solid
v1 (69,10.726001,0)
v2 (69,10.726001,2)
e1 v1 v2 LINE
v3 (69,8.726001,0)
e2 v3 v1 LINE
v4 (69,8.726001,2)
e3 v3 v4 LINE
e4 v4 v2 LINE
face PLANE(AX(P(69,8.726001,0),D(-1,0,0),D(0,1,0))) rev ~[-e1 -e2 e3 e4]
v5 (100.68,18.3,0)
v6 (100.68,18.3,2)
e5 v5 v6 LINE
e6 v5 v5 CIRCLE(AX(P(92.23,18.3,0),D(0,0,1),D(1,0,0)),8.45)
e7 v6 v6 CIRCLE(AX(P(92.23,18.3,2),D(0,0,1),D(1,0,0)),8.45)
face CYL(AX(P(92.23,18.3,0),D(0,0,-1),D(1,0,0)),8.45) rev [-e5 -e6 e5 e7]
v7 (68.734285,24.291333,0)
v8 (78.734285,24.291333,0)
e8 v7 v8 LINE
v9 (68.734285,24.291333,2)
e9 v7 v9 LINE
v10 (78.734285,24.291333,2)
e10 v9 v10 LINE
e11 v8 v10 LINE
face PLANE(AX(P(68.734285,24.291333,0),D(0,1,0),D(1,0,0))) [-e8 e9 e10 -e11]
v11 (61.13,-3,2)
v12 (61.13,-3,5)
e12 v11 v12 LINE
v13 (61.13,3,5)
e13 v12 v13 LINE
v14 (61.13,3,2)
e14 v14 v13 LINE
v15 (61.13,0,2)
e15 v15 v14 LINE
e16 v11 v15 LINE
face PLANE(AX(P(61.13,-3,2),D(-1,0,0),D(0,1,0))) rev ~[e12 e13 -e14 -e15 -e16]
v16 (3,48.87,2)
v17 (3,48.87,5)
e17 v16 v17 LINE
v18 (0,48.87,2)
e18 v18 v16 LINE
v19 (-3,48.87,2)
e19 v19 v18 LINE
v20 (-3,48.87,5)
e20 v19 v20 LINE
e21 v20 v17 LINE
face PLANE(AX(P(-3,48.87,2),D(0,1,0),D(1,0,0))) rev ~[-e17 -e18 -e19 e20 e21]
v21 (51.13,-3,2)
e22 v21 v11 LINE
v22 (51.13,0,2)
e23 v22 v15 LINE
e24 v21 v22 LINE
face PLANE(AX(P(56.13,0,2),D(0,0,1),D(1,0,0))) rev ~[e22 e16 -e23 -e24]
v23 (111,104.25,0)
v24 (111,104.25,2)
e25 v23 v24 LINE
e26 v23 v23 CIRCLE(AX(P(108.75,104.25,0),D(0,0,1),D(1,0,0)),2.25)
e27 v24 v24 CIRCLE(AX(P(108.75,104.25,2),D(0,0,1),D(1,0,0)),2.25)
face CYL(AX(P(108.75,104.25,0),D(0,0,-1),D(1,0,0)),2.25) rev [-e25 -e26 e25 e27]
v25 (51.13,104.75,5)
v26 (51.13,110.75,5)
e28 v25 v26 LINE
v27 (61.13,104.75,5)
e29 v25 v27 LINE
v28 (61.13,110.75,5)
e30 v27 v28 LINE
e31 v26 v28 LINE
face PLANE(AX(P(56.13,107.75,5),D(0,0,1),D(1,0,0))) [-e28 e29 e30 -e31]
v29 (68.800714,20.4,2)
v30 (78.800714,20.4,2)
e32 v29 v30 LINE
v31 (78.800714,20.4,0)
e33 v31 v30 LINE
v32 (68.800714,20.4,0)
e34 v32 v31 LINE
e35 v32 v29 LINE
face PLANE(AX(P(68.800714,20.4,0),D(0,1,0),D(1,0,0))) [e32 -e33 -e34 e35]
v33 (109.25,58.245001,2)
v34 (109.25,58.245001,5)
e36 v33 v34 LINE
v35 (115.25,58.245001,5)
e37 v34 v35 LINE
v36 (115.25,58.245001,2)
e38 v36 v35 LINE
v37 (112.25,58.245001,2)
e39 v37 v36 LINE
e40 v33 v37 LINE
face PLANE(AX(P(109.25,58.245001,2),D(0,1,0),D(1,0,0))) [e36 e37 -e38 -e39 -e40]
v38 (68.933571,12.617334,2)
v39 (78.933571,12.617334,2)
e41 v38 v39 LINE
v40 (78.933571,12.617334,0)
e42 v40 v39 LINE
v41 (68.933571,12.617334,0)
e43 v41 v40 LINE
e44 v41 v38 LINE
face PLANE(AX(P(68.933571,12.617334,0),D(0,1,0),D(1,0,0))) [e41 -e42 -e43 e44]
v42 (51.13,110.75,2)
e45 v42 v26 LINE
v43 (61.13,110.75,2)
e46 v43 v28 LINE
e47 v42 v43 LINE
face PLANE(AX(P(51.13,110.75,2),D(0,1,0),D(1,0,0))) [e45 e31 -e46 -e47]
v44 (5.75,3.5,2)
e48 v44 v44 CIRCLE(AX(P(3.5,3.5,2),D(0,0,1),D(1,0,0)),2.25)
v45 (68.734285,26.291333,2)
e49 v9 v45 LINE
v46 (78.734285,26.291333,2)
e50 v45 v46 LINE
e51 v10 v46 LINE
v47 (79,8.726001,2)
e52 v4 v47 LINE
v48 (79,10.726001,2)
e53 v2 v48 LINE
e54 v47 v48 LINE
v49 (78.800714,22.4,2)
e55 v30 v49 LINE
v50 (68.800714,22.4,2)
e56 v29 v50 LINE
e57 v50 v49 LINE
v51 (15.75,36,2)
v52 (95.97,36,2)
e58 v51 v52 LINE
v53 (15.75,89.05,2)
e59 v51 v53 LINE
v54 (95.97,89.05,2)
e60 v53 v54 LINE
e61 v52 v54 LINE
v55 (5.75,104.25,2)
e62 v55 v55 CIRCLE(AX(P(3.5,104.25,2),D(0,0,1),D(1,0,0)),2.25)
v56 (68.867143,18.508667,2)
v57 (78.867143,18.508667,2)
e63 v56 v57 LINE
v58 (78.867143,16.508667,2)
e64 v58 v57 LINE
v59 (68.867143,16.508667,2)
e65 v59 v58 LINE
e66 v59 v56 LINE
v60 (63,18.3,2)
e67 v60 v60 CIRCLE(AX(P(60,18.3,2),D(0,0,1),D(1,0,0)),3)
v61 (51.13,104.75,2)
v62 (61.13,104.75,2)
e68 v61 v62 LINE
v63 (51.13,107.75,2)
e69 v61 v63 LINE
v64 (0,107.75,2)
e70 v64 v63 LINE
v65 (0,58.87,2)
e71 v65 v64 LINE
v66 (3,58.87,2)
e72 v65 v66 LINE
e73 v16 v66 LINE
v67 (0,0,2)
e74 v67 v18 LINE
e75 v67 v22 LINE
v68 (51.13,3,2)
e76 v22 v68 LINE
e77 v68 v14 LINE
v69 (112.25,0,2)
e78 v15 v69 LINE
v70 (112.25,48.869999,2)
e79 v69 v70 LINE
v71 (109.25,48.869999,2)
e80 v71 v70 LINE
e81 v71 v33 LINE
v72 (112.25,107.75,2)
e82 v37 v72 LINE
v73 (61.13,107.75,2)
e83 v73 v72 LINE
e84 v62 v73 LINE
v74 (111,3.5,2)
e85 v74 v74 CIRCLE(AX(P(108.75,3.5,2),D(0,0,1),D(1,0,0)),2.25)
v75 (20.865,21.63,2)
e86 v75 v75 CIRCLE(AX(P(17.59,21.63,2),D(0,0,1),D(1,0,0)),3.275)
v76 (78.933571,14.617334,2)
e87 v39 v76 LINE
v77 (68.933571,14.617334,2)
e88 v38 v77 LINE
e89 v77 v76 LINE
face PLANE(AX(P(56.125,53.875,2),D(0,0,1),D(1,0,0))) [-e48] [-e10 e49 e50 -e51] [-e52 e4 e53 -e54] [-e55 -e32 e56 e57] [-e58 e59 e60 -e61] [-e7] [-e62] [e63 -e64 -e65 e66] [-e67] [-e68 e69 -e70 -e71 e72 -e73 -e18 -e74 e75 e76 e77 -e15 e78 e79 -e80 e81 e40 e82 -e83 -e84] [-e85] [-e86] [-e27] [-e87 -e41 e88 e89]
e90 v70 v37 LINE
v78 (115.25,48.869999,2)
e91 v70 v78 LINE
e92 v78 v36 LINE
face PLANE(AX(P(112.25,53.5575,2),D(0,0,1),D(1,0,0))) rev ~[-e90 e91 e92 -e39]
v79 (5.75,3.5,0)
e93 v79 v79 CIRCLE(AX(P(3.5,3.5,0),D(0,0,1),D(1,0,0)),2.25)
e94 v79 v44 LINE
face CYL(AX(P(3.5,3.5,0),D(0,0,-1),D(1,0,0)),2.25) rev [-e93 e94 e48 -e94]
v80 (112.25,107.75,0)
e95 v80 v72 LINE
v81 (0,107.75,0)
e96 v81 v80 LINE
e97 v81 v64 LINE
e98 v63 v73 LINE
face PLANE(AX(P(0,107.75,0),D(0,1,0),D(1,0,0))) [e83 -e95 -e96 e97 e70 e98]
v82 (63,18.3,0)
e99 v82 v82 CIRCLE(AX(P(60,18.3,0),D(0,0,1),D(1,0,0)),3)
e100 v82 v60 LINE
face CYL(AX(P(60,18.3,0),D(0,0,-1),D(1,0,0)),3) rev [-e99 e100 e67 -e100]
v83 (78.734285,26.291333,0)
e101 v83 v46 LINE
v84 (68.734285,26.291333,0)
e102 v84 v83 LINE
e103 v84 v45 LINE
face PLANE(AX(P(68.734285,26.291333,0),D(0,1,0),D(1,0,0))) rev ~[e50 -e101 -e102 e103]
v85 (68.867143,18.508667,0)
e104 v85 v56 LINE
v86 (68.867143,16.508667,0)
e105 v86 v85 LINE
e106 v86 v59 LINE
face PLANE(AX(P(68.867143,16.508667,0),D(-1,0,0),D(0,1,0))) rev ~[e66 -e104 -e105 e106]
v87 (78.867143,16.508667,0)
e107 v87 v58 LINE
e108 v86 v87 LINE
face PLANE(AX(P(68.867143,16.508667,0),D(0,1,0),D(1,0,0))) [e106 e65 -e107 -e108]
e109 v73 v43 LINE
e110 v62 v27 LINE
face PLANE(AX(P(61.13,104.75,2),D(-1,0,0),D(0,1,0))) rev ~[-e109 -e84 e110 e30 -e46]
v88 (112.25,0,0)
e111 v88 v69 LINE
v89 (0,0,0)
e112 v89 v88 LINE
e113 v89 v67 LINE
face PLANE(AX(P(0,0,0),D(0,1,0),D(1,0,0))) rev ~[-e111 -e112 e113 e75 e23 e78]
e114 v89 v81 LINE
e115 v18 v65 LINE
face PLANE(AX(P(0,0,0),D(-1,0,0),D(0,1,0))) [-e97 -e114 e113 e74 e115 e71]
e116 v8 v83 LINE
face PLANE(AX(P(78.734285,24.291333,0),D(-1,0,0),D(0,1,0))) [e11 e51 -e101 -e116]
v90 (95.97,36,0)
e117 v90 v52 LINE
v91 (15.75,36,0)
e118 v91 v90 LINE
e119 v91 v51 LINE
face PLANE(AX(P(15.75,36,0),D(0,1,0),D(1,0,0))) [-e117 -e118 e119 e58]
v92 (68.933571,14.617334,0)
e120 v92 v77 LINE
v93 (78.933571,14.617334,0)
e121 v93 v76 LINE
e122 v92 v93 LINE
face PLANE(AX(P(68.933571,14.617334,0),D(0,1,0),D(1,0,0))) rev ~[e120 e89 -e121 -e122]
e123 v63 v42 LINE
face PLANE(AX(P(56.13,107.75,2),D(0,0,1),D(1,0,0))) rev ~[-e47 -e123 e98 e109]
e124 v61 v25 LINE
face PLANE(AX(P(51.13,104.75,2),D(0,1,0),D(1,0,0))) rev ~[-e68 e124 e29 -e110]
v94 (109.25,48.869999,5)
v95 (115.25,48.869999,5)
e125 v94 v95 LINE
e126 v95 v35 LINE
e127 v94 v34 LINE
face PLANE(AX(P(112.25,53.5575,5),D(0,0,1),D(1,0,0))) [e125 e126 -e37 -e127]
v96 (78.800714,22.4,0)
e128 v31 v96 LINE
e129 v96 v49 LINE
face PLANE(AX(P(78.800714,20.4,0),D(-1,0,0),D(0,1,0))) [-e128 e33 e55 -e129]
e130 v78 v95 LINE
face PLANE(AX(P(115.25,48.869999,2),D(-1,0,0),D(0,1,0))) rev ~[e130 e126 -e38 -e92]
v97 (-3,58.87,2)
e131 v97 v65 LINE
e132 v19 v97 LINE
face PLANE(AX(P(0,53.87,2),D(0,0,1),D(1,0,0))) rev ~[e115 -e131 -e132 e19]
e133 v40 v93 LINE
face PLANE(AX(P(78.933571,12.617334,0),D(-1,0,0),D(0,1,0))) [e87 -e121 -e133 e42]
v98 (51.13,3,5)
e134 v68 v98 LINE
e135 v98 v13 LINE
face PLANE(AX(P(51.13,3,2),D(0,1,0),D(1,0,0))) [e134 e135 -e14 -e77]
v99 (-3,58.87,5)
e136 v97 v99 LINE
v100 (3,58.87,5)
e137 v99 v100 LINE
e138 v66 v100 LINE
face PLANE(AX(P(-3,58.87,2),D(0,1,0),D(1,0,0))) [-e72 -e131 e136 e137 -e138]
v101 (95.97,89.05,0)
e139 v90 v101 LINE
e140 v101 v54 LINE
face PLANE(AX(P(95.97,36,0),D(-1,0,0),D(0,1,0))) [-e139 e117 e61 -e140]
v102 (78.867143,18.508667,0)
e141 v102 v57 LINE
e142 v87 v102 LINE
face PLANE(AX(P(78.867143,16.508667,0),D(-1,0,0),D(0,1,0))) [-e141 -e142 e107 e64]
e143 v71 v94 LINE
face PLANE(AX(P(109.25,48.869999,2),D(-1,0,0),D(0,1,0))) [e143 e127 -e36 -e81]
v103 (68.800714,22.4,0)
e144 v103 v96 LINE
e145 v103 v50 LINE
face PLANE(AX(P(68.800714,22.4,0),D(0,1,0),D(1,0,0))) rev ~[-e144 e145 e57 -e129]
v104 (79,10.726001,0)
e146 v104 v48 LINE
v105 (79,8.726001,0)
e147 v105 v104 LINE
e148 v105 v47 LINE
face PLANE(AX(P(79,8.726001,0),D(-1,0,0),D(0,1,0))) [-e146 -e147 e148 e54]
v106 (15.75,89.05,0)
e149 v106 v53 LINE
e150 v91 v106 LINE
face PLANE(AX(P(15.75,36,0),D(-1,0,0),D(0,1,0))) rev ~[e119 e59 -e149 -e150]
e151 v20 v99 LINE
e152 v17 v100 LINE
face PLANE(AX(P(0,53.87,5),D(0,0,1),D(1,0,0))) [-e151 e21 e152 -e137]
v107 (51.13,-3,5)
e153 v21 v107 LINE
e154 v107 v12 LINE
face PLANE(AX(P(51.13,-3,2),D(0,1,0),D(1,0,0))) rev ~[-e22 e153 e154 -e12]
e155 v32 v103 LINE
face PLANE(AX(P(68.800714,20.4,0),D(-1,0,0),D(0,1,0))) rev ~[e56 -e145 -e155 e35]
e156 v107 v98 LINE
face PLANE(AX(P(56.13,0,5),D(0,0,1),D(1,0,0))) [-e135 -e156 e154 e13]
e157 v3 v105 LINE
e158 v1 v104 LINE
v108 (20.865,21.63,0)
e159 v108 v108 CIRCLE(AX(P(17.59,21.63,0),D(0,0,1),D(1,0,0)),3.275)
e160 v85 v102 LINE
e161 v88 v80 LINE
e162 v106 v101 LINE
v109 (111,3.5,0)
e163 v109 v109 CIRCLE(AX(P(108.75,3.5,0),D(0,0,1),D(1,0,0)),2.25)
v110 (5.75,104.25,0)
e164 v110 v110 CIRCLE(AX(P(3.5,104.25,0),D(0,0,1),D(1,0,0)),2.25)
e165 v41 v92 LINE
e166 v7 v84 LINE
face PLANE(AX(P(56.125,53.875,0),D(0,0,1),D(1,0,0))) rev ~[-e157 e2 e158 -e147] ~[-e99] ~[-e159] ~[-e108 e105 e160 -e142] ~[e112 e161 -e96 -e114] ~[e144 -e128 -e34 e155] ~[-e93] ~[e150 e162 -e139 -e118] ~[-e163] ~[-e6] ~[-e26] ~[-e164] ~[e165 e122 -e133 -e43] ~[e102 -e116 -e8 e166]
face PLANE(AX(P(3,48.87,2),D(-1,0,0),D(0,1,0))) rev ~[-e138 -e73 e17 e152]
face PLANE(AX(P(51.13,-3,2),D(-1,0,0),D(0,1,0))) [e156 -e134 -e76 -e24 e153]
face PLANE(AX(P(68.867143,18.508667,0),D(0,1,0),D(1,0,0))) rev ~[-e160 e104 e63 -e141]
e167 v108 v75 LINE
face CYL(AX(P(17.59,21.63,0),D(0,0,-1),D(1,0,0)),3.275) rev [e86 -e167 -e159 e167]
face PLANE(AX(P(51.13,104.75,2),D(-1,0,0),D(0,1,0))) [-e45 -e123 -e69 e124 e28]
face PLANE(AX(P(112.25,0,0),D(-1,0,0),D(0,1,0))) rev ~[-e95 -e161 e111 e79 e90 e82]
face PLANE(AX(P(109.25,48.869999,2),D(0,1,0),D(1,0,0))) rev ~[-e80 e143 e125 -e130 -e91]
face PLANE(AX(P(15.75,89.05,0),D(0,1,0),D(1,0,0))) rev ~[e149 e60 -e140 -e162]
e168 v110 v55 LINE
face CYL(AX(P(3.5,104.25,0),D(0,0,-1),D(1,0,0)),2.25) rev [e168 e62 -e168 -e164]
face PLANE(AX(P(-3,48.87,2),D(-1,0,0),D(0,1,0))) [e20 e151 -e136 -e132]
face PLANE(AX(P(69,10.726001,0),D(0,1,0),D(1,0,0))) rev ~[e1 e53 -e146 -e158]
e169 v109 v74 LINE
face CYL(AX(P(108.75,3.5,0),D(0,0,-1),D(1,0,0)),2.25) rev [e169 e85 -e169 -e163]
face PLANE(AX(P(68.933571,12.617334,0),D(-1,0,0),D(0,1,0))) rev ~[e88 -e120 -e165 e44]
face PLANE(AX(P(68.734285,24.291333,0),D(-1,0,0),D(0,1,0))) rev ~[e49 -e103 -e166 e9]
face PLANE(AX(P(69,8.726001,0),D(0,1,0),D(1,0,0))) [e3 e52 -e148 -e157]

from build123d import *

# Parameters (mm, degrees)
F0_W     = 112.25
F0_H     = 107.75
F0_R     = 2.25
F0_R_2   = 3.275
F0_W_2   = 10
F0_H_2   = 2
F0_R_3   = 3
F0_R_4   = 8.45
F0_W_3   = 80.22
F0_H_3   = 53.05
F1_DEPTH = 2
F2_W     = 6
F2_H     = 9.375001
F2_H_2   = 10
F2_W_2   = 10
F2_H_3   = 6
F3_DEPTH = 3


with BuildPart() as f1:
    # F0 (on Top) → F1 (new body)
    with BuildSketch(Plane.XY):
        with Locations((56.125, 53.875)):
            Rectangle(F0_W, F0_H)
        with Locations((3.5, 3.5)):
            Circle(F0_R, mode=Mode.SUBTRACT)
        with Locations((17.59, 21.63)):
            Circle(F0_R_2, mode=Mode.SUBTRACT)
        with Locations((74, 9.726001)):
            Rectangle(F0_W_2, F0_H_2, mode=Mode.SUBTRACT)
        with Locations((60, 18.3)):
            Circle(F0_R_3, mode=Mode.SUBTRACT)
        with Locations((73.933571, 13.617334)):
            Rectangle(F0_W_2, F0_H_2, mode=Mode.SUBTRACT)
        with Locations((73.867143, 17.508667)):
            Rectangle(F0_W_2, F0_H_2, mode=Mode.SUBTRACT)
        with Locations((73.800714, 21.4)):
            Rectangle(F0_W_2, F0_H_2, mode=Mode.SUBTRACT)
        with Locations((73.734285, 25.291333)):
            Rectangle(F0_W_2, F0_H_2, mode=Mode.SUBTRACT)
        with Locations((108.75, 3.5)):
            Circle(F0_R, mode=Mode.SUBTRACT)
        with Locations((92.23, 18.3)):
            Circle(F0_R_4, mode=Mode.SUBTRACT)
        with Locations((55.86, 62.525)):
            Rectangle(F0_W_3, F0_H_3, mode=Mode.SUBTRACT)
        with Locations((3.5, 104.25)):
            Circle(F0_R, mode=Mode.SUBTRACT)
        with Locations((108.75, 104.25)):
            Circle(F0_R, mode=Mode.SUBTRACT)
    extrude(amount=F1_DEPTH)

    # F2 (on face) → F3 (join)
    with BuildSketch(Plane.XY.offset(2)):
        with Locations((112.25, 53.5575)):
            Rectangle(F2_W, F2_H)
        with Locations((0, 53.87)):
            Rectangle(F2_W, F2_H_2)
        with Locations((56.13, 107.75)):
            Rectangle(F2_W_2, F2_H_3)
        with Locations((56.13, 0)):
            Rectangle(F2_W_2, F2_H_3)
    extrude(amount=F3_DEPTH)


solid = f1.part
